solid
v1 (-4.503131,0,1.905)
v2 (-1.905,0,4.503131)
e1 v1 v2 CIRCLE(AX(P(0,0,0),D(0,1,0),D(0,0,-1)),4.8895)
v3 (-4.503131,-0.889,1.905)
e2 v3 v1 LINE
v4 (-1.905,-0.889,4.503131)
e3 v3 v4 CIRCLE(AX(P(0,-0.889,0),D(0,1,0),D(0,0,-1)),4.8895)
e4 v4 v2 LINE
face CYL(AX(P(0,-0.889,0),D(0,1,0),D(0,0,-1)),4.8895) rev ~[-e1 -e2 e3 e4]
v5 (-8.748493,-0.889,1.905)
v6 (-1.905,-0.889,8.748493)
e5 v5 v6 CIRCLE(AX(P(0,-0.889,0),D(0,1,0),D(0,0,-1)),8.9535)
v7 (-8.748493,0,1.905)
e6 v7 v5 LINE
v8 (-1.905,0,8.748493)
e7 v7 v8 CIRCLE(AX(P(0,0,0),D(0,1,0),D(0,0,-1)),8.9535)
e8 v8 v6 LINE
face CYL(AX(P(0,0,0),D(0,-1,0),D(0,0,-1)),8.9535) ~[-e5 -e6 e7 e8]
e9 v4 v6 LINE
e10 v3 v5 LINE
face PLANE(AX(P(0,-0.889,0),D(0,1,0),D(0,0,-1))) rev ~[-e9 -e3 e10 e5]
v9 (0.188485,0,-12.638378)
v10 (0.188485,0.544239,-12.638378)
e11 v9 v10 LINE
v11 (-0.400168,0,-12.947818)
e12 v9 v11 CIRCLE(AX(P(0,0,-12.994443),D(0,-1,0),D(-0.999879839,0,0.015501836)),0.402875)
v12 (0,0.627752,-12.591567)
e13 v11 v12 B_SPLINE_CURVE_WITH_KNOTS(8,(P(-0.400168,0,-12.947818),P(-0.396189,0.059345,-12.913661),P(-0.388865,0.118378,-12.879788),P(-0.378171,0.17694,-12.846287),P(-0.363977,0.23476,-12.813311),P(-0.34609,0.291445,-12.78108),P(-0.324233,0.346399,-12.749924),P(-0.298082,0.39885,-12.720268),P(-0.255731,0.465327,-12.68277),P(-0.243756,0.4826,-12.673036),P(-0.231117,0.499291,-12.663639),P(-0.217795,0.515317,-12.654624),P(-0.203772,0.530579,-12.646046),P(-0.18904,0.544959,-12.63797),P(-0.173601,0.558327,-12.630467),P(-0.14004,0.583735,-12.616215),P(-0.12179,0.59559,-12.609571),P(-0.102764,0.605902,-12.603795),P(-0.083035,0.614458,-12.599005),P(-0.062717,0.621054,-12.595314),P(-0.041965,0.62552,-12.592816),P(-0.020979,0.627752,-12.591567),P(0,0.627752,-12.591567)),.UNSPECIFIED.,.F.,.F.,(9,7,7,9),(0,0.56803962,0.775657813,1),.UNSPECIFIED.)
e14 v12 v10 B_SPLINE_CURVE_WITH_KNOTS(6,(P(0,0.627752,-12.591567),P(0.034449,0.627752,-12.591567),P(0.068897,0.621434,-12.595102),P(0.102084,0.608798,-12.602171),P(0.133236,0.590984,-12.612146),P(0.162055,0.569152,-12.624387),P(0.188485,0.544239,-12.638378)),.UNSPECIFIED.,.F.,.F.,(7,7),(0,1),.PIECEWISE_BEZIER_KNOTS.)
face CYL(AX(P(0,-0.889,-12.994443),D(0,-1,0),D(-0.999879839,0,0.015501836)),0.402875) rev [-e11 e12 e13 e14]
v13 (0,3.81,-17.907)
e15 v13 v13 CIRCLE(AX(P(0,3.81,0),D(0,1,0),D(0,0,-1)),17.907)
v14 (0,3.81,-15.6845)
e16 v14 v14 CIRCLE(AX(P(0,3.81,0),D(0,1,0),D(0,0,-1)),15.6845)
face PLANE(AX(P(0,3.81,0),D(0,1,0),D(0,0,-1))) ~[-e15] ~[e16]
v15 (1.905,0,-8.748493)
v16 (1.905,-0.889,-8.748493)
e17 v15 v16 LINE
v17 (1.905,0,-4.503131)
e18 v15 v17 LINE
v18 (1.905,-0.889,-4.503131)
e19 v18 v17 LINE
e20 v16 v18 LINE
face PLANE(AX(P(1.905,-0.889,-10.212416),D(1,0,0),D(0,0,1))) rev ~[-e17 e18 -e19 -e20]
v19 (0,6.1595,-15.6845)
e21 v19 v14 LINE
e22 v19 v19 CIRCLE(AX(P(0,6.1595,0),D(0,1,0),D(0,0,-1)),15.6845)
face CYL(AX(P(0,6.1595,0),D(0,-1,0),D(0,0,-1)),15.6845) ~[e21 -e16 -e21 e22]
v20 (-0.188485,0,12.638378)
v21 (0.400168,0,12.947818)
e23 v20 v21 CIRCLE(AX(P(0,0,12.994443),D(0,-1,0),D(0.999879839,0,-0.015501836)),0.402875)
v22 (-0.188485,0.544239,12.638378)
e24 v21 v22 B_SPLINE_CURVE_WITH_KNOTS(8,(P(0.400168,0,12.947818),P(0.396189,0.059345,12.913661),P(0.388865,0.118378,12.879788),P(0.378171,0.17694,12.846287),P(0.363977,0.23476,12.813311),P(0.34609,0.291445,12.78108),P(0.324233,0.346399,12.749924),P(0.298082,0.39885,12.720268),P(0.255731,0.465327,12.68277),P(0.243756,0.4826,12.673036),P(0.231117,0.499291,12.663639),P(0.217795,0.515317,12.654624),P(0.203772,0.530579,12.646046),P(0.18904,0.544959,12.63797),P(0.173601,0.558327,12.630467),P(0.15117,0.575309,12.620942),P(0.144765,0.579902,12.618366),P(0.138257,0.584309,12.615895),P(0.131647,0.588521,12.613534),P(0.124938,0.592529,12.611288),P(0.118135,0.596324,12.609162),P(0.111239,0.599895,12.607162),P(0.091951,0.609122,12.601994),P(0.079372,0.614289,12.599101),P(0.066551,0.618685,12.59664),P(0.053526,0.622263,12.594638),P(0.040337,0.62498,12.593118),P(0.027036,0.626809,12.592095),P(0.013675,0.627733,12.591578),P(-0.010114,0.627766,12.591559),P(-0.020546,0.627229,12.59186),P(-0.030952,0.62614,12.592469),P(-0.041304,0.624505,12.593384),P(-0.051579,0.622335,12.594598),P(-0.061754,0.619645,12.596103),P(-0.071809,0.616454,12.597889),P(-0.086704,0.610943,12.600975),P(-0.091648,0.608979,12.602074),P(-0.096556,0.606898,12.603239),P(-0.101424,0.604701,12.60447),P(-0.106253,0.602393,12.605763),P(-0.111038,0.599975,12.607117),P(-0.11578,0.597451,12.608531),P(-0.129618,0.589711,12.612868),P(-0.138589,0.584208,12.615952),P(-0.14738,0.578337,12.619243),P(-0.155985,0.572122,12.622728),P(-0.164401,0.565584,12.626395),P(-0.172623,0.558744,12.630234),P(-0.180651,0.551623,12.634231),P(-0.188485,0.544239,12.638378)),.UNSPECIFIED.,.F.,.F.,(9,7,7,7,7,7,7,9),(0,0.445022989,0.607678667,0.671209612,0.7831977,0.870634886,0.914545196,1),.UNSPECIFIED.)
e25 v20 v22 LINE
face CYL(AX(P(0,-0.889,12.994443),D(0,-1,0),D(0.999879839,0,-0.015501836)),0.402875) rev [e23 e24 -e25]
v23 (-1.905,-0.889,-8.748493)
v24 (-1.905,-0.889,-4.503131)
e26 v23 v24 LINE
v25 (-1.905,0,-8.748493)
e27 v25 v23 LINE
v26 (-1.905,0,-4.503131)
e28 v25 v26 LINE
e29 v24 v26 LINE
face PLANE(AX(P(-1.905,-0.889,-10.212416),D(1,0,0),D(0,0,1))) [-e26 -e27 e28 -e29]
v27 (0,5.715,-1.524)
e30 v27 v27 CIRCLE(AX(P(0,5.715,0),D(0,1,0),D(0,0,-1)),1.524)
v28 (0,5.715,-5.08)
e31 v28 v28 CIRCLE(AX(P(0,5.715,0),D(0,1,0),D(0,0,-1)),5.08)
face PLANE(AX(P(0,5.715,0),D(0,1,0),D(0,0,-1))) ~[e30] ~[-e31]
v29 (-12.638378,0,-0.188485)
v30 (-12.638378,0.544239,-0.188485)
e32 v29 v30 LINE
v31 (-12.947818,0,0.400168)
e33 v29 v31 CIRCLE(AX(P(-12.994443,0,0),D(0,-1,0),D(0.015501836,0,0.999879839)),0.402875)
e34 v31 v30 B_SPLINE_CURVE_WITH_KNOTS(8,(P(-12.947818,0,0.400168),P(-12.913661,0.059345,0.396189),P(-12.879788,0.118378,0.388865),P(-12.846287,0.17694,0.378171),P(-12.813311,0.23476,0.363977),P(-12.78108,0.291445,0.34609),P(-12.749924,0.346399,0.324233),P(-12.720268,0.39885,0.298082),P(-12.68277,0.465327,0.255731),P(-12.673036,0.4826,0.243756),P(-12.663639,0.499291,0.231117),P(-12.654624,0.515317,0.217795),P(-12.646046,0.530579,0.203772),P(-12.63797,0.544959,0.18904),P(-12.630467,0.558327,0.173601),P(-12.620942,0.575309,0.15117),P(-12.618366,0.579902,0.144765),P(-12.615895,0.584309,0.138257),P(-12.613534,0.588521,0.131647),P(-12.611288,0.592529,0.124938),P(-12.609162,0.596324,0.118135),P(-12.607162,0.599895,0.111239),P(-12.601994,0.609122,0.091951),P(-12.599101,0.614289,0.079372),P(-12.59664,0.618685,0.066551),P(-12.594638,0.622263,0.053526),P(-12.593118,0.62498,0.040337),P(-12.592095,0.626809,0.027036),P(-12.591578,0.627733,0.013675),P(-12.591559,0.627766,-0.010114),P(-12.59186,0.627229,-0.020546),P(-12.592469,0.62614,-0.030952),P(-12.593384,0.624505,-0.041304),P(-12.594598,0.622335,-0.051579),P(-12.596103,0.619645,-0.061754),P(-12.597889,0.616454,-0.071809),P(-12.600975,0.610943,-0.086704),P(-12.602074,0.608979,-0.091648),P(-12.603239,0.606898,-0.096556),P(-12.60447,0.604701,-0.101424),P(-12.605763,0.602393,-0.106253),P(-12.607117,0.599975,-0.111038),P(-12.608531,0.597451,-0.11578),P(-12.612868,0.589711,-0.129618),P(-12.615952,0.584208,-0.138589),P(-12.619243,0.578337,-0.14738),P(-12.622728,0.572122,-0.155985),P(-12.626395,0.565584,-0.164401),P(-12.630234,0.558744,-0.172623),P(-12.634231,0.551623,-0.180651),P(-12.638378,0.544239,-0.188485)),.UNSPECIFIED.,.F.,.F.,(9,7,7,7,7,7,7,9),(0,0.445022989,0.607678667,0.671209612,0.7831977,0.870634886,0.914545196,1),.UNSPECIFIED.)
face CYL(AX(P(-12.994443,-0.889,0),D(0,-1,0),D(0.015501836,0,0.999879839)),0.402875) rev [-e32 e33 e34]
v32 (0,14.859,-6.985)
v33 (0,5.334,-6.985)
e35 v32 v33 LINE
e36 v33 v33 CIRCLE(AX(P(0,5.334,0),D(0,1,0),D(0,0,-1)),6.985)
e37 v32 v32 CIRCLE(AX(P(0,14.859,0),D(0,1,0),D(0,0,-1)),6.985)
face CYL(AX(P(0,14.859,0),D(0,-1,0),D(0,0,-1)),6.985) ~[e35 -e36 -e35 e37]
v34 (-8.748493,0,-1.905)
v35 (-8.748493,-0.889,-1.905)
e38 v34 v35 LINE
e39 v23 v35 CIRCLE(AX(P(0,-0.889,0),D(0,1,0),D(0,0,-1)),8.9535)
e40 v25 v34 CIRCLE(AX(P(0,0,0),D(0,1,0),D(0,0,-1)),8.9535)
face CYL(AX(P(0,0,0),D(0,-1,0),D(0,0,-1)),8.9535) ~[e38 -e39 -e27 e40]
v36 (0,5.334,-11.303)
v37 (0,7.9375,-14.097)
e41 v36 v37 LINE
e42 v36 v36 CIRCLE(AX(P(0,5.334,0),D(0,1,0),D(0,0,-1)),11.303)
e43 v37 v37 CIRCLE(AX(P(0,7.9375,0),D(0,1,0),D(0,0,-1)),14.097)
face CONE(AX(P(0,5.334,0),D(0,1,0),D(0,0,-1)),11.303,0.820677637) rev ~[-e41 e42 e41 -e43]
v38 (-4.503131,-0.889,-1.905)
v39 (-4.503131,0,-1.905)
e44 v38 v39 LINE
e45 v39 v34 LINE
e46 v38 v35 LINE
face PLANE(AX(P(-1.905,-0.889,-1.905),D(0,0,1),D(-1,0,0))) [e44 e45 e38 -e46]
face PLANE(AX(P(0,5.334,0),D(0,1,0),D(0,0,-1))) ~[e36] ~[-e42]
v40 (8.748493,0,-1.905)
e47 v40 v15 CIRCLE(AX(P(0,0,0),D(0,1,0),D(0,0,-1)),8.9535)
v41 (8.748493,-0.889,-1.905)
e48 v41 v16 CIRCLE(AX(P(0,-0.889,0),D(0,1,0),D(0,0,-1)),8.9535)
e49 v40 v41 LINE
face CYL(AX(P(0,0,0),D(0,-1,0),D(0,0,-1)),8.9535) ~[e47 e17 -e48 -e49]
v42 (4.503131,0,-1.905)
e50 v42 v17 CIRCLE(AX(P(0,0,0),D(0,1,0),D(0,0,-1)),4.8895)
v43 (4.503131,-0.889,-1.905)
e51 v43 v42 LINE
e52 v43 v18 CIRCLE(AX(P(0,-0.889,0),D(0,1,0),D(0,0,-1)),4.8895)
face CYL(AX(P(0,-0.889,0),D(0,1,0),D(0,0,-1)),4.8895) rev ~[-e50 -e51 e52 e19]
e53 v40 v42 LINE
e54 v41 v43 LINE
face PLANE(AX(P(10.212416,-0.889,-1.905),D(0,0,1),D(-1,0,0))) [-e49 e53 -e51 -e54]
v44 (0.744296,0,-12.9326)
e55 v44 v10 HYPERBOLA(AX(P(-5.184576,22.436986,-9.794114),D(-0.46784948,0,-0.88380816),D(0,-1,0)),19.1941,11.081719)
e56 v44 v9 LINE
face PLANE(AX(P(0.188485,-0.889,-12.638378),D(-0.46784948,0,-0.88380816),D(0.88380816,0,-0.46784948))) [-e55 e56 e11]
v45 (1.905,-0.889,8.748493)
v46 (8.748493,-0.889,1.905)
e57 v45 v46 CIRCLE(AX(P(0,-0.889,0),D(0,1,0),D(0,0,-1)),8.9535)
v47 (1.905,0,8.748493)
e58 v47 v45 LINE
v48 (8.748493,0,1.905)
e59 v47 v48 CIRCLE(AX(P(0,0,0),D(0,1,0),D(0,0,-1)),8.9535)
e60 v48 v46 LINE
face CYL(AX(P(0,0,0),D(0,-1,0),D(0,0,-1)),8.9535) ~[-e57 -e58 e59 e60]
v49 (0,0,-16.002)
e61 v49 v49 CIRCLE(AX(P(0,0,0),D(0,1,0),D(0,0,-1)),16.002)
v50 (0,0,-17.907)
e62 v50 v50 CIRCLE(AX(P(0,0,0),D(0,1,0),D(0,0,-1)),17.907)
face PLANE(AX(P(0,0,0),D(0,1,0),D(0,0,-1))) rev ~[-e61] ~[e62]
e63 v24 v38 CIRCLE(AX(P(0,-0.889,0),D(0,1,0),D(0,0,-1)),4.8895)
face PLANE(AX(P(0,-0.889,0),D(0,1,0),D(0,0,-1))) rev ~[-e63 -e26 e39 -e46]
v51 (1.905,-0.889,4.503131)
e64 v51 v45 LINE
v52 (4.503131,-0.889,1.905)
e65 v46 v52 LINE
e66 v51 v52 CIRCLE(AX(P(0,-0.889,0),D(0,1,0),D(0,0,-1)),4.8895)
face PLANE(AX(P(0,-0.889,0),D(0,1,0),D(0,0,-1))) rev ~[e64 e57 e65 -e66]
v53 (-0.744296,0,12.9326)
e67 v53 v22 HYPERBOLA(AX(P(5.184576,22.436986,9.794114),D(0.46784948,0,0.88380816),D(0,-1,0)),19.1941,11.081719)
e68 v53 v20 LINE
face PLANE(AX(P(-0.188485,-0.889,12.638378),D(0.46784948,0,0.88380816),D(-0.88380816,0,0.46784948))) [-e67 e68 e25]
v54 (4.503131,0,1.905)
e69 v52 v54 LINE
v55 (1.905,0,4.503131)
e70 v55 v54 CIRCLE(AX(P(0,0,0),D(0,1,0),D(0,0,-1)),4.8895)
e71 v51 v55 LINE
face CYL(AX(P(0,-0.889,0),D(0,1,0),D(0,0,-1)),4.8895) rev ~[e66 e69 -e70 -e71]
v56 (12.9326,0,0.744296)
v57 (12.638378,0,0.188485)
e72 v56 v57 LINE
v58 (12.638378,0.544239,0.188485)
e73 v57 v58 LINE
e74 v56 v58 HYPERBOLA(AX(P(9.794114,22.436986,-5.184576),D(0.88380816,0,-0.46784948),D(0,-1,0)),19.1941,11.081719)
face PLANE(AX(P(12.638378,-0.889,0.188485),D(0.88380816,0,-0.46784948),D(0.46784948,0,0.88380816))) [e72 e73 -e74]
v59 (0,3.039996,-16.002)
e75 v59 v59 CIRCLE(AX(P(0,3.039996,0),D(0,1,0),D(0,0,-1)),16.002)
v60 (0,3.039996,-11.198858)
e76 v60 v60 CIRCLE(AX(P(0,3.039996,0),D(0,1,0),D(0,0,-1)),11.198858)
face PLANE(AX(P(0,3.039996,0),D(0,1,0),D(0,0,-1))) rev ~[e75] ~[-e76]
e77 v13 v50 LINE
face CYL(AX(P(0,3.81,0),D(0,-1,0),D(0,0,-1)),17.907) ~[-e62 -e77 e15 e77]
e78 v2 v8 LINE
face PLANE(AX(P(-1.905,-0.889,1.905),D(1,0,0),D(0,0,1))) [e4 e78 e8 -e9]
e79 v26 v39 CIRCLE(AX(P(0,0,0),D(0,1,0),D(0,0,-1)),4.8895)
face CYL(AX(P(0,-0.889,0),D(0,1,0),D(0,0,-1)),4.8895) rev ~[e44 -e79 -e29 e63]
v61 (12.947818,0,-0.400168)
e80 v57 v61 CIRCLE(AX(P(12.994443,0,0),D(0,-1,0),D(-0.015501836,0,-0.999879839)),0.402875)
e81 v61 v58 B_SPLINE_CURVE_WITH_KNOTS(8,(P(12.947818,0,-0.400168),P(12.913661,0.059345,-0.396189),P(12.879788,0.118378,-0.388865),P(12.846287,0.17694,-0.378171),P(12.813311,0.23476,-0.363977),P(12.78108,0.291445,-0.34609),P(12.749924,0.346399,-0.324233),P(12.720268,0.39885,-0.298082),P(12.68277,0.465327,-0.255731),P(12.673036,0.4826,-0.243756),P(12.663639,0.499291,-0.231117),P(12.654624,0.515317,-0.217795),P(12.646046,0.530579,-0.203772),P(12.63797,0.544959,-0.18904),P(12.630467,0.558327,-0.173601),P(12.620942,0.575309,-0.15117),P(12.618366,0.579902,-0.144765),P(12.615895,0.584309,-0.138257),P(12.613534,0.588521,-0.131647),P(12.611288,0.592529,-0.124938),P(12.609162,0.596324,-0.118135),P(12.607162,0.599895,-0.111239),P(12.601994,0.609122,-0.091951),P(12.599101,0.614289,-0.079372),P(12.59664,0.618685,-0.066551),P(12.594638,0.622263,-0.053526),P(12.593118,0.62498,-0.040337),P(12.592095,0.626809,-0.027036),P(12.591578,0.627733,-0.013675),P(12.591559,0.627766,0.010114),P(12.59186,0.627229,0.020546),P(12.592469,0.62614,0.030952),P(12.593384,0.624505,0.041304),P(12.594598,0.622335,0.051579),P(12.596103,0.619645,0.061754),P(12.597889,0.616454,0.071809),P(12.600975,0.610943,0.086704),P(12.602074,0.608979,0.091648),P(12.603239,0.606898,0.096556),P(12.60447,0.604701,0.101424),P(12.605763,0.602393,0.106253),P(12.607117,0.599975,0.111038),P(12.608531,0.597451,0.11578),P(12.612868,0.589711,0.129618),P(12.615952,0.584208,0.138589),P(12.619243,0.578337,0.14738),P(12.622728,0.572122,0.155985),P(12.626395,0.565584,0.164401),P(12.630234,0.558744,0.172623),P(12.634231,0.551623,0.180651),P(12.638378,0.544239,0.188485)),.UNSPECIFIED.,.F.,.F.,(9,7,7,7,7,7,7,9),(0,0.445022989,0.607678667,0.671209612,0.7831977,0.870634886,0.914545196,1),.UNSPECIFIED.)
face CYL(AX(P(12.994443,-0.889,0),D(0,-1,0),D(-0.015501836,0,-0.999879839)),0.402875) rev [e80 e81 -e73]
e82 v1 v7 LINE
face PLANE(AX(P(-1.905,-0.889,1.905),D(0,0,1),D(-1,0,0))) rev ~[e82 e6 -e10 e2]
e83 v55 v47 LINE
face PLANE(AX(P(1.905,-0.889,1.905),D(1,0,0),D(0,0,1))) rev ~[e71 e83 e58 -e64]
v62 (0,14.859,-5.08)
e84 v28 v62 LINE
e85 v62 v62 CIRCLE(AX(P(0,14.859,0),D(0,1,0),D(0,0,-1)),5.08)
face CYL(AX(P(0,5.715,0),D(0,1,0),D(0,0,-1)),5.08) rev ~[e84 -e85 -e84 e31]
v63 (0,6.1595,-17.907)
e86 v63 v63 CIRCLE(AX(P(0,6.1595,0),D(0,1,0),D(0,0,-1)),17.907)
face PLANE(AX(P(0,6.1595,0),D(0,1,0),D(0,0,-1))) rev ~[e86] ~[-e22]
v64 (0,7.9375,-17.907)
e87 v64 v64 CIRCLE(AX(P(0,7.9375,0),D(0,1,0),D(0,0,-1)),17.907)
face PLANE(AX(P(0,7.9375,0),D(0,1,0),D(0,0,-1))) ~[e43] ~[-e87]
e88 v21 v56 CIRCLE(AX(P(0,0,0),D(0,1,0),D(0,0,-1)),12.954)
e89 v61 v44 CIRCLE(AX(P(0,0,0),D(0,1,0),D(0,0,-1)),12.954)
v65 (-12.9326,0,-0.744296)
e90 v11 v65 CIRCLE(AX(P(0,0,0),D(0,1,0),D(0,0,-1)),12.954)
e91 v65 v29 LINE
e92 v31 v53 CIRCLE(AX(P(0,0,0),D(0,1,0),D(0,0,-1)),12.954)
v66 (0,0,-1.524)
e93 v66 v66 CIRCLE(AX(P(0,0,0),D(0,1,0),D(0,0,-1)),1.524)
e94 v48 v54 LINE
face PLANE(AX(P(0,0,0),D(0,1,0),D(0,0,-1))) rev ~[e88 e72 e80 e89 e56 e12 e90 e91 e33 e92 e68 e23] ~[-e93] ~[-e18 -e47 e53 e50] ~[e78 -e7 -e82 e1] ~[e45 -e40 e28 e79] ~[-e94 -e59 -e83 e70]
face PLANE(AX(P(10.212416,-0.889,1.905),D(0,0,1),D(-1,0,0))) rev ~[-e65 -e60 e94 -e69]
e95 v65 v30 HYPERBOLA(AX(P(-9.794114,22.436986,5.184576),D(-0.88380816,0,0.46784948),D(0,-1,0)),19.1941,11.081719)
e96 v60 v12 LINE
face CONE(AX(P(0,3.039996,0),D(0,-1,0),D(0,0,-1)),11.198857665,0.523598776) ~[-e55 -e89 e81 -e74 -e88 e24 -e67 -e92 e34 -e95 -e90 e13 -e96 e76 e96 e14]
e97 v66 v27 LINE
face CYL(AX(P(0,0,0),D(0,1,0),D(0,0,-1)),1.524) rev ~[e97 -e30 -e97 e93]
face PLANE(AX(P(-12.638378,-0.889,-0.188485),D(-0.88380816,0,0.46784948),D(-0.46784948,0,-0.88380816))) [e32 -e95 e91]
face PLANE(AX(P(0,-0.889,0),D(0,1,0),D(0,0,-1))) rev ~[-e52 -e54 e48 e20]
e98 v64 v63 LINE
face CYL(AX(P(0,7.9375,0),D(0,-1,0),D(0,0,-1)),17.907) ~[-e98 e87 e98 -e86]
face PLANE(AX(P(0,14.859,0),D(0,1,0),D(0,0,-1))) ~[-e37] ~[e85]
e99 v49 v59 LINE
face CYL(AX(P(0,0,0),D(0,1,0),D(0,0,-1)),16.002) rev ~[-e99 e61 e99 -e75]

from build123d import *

# Parameters (mm, degrees)
SKETCH2_W          = 8.307416394
SKETCH2_H          = 3.81
SKETCH2_W_2        = 3.81
SKETCH2_H_2        = 8.307416394
CUT_EXTRUDE1_DEPTH = 0.889
CUT_EXTRUDE2_DEPTH = 1.778


with BuildPart() as part:
    # Sketch1 → Revolve1 (revolve)
    with BuildSketch(Plane.XY):
        Polygon((5.08, 14.859), (6.985, 14.859), (6.985, 5.334), (11.303, 5.334), (14.097, 7.9375), (17.907, 7.9375), (17.907, 6.1595), (15.6845, 6.1595), (15.6845, 3.81), (17.907, 3.81), (17.907, 0), (16.002, 0), (16.002, 3.039995698), (11.198857665, 3.039995698), (12.954, 0), (8.9535, 0), (8.9535, -0.889), (4.8895, -0.889), (4.8895, 0), (1.524, 0), (1.524, 5.715), (5.08, 5.715), align=None)
    revolve(axis=Axis((0, 0, 0), (0, 1, 0)))

    # Sketch2 → Cut-Extrude1 (cut)
    with BuildSketch(Plane(origin=(0, -0.889, 0), x_dir=(-1, 0, 0), z_dir=(0, 1, 0))):
        with Locations((6.058708197, 0)):
            Rectangle(SKETCH2_W, SKETCH2_H)
        with Locations((0, 6.058708197)):
            Rectangle(SKETCH2_W_2, SKETCH2_H_2)
        with Locations((0, -6.058708197)):
            Rectangle(SKETCH2_W_2, SKETCH2_H_2)
        with Locations((-6.058708197, 0)):
            Rectangle(SKETCH2_W, SKETCH2_H)
    extrude(amount=CUT_EXTRUDE1_DEPTH, mode=Mode.SUBTRACT)

    # Sketch2<3> → Cut-Extrude2 (cut)
    with BuildSketch(Plane(origin=(0, -0.889, 0), x_dir=(-1, 0, 0), z_dir=(0, 1, 0))):
        with BuildLine():
            ThreePointArc((-0.402826973, 12.988197288), (-0.205131646, 12.64770122), (0.188485038, 12.638378045))
            Line((0.188485038, 12.638378045), (0.813026828, 12.96898322))
            ThreePointArc((0.813026828, 12.96898322), (0.205324805, 12.992820329), (-0.402826973, 12.988197288))
        make_face()
        with BuildLine():
            ThreePointArc((12.988197288, 0.402826973), (12.64770122, 0.205131646), (12.638378045, -0.188485038))
            Line((12.638378045, -0.188485038), (12.96898322, -0.813026828))
            ThreePointArc((12.96898322, -0.813026828), (12.992820329, -0.205324805), (12.988197288, 0.402826973))
        make_face()
        with BuildLine():
            ThreePointArc((0.402826973, -12.988197288), (0.205131646, -12.64770122), (-0.188485038, -12.638378045))
            Line((-0.188485038, -12.638378045), (-0.813026828, -12.96898322))
            ThreePointArc((-0.813026828, -12.96898322), (-0.205324805, -12.992820329), (0.402826973, -12.988197288))
        make_face()
        with BuildLine():
            ThreePointArc((-12.988197288, -0.402826973), (-12.64770122, -0.205131646), (-12.638378045, 0.188485038))
            Line((-12.638378045, 0.188485038), (-12.96898322, 0.813026828))
            ThreePointArc((-12.96898322, 0.813026828), (-12.992820329, 0.205324805), (-12.988197288, -0.402826973))
        make_face()
    extrude(amount=CUT_EXTRUDE2_DEPTH, mode=Mode.SUBTRACT)


solid = part.part
